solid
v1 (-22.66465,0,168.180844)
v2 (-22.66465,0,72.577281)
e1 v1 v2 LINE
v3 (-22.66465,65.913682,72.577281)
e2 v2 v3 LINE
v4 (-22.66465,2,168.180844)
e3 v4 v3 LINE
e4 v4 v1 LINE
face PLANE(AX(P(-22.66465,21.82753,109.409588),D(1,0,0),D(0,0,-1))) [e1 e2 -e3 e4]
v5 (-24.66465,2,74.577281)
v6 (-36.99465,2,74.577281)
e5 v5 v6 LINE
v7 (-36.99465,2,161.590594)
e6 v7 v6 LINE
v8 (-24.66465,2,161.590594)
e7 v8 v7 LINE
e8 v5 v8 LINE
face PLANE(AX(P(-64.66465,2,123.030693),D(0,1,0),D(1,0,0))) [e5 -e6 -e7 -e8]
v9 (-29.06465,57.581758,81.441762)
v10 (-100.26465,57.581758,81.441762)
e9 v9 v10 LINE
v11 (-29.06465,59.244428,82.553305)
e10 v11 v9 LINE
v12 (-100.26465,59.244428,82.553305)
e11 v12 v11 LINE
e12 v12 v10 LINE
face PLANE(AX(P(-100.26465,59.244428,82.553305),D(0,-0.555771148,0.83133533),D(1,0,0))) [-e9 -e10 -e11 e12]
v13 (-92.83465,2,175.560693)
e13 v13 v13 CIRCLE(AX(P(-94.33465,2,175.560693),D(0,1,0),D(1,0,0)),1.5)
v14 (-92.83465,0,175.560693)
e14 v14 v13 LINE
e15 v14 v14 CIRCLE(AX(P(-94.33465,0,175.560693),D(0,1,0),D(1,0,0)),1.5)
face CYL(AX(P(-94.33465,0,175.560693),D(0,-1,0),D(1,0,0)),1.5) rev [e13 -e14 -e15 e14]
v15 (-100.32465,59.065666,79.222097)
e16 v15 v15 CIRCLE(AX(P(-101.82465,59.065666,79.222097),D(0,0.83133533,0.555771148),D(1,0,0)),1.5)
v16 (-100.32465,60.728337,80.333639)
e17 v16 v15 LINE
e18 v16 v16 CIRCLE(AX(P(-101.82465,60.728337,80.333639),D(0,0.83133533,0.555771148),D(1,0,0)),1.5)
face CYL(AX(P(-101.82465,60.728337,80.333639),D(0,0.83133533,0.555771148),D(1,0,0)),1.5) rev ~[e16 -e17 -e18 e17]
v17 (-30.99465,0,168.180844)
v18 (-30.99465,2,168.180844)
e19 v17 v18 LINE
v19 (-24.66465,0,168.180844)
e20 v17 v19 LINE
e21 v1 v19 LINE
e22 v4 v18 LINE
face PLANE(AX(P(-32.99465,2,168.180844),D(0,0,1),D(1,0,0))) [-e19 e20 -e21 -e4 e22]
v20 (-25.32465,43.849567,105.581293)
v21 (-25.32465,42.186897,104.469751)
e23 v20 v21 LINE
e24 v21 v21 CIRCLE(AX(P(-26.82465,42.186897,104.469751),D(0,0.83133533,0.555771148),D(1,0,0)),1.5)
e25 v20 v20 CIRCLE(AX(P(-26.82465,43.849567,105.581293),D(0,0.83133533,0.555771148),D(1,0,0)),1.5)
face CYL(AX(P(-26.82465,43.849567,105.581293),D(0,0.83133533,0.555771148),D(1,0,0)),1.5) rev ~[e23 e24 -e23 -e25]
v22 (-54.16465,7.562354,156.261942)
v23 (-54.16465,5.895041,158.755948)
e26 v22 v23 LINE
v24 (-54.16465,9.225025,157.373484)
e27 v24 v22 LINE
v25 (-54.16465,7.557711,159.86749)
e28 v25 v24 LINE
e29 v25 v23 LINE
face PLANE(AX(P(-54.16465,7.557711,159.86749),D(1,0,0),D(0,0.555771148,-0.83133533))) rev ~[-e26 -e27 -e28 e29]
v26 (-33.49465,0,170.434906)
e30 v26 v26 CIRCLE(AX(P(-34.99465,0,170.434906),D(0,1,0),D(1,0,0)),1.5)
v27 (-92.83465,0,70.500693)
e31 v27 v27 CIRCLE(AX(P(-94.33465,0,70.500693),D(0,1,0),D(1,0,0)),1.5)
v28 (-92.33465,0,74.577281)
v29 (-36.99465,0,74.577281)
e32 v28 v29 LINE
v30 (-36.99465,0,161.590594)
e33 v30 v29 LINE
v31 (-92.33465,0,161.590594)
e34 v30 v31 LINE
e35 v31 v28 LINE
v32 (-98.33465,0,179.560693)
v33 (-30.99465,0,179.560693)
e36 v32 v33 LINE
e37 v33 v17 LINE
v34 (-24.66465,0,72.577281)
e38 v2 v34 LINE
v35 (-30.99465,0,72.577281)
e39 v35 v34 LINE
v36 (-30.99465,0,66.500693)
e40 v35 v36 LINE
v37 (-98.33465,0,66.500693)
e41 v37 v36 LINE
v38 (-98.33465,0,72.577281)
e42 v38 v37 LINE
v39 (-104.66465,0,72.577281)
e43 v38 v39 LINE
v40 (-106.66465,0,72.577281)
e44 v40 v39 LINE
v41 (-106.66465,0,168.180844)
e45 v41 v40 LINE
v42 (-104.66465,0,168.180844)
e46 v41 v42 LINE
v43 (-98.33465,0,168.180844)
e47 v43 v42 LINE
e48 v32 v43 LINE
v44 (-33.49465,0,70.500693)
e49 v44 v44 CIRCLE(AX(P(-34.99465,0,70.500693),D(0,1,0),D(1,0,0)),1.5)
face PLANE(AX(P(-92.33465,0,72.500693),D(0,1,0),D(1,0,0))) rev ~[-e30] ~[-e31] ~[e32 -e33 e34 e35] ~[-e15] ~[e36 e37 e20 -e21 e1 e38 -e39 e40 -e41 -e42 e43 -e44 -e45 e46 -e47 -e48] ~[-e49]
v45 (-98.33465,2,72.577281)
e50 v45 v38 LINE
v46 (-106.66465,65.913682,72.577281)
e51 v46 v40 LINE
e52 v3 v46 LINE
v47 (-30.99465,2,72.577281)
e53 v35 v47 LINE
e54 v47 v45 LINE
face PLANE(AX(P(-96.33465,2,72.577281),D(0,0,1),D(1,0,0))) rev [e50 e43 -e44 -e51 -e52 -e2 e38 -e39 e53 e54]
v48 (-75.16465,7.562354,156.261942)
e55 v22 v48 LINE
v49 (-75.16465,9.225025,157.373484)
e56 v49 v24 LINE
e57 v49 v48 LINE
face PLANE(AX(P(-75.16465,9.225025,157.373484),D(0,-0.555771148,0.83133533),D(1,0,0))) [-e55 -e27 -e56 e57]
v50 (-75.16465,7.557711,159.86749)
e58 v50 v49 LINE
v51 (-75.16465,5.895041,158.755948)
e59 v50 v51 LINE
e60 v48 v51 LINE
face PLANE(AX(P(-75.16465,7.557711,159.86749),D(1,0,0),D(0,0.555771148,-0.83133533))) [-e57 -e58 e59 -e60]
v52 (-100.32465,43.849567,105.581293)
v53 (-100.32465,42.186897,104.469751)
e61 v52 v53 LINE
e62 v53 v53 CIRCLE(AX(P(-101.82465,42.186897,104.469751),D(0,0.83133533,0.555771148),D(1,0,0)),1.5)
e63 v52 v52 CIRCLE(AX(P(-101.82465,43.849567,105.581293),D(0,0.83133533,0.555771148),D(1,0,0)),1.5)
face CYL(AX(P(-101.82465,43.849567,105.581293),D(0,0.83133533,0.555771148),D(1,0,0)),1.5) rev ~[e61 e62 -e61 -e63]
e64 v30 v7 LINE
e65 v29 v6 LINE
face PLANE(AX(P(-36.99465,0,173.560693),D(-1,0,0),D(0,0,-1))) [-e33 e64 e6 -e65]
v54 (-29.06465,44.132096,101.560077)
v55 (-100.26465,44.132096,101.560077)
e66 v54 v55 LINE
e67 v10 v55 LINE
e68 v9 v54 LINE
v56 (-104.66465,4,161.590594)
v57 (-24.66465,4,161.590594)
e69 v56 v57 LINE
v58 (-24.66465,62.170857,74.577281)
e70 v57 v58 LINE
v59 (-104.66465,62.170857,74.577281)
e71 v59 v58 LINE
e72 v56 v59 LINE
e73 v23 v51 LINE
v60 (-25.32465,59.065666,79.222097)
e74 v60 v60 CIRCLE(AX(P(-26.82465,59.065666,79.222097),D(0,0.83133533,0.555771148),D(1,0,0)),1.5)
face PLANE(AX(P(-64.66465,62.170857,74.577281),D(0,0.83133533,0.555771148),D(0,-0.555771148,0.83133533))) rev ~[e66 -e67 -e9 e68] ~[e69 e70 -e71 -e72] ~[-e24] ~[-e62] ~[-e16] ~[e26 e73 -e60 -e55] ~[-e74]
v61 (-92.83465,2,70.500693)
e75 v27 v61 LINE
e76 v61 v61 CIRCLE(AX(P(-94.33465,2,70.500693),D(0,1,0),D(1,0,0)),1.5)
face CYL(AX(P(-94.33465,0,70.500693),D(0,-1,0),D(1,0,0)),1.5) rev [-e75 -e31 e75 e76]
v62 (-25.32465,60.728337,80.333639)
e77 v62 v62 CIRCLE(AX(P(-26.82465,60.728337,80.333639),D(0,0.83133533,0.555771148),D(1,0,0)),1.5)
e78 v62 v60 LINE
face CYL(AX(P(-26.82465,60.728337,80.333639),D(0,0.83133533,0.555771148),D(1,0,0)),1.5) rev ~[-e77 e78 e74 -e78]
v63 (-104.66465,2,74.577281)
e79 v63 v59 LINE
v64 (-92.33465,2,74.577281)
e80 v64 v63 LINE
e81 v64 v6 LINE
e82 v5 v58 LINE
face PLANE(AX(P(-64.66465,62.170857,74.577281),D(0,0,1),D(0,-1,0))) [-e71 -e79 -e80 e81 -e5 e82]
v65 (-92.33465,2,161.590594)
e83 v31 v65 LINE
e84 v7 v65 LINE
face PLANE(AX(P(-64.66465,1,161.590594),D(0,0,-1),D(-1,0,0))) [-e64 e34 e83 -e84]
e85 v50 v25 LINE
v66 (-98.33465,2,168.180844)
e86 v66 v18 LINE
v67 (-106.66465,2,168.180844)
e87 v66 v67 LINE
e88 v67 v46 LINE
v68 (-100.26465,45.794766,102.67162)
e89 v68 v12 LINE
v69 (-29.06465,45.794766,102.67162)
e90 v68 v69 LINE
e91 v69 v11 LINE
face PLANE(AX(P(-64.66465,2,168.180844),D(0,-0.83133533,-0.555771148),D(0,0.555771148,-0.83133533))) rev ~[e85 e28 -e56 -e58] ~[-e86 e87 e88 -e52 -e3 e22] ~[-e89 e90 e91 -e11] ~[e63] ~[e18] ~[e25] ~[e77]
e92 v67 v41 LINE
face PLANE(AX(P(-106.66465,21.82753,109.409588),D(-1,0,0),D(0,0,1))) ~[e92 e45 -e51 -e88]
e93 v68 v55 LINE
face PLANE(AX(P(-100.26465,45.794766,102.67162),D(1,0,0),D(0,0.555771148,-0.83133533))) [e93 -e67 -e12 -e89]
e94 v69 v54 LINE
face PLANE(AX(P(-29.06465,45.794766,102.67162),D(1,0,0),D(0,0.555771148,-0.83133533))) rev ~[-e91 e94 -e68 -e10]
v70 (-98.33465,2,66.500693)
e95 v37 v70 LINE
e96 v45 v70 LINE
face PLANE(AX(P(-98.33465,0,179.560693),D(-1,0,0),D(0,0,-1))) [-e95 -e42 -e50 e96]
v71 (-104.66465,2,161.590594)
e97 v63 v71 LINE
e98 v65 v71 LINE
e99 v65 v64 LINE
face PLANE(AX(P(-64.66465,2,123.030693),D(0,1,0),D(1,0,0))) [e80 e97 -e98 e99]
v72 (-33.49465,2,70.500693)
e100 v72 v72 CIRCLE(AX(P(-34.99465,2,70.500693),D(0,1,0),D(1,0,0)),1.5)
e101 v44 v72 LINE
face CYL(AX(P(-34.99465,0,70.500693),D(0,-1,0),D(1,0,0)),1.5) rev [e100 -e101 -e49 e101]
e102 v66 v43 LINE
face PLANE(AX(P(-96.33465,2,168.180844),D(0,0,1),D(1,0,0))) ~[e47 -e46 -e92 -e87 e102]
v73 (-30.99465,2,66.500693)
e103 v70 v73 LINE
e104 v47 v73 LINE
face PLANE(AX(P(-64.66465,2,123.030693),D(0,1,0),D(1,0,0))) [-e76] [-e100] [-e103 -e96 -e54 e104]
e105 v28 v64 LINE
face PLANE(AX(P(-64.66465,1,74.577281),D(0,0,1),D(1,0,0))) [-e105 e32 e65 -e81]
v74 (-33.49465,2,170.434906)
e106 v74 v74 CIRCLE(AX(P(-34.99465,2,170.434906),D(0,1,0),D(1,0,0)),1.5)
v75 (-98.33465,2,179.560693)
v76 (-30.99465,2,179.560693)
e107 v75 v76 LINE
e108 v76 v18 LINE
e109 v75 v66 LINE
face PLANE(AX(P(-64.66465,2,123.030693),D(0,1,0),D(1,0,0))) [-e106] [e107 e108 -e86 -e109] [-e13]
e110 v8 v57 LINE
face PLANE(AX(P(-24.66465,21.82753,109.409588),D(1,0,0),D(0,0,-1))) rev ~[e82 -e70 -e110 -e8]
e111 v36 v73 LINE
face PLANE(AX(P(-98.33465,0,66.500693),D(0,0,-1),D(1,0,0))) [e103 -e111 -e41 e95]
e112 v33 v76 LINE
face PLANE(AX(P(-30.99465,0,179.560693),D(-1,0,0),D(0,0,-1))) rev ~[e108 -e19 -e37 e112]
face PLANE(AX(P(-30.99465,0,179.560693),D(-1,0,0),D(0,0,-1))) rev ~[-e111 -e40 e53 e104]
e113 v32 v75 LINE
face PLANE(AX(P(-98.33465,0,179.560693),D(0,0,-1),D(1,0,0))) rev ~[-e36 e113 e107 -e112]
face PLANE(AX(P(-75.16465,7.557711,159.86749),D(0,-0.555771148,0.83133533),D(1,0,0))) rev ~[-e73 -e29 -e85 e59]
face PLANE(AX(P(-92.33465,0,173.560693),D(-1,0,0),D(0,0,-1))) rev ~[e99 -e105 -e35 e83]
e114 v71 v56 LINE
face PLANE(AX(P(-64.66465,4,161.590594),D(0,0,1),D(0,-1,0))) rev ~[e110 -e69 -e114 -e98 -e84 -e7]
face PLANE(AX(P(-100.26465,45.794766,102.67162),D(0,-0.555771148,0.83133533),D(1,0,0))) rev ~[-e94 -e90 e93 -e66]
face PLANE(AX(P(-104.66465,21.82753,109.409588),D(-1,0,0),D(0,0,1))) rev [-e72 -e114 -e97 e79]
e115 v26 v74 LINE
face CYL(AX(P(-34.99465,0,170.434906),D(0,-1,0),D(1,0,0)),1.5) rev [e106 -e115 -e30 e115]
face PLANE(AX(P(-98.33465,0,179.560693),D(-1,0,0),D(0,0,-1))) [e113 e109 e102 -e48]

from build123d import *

# Parameters (mm, degrees)
SKETCH1_W           = 67.34
SKETCH1_H           = 113.06
SKETCH1_R           = 1.5
SKETCH1_W_2         = 55.34
SKETCH1_H_2         = 101.06
BOSS_EXTRUDE1_DEPTH = 2
BOSS_EXTRUDE2_DEPTH = 42
SKETCH4_W           = 55.34
SKETCH4_H           = 2
BOSS_EXTRUDE5_DEPTH = 11.970099
CUT_EXTRUDE1_REACH  = 60.174
SKETCH5_R           = 1.5
SKETCH5_W           = 71.2
SKETCH5_H           = 24.2
SKETCH5_W_2         = 21
SKETCH5_H_2         = 3
BOSS_EXTRUDE6_DEPTH = 2
SKETCH7_W           = 8.33
SKETCH7_H           = 95.603562999
BOSS_EXTRUDE7_DEPTH = 2
SKETCH8_W           = 55.34
SKETCH8_H           = 2
BOSS_EXTRUDE8_DEPTH = 2.076588


with BuildPart() as part:
    # Sketch1 → Boss-Extrude1 (new body)
    with BuildSketch(Plane(origin=(0, 0, 0), x_dir=(1, 0, 0), z_dir=(0, 1, 0))):
        with Locations((-64.664649644, -123.030692549)):
            Rectangle(SKETCH1_W, SKETCH1_H)
        with Locations((-34.994649644, -70.500692549)):
            Circle(SKETCH1_R, mode=Mode.SUBTRACT)
        with Locations((-94.334649644, -70.500692549)):
            Circle(SKETCH1_R, mode=Mode.SUBTRACT)
        with Locations((-94.334649644, -175.560692549)):
            Circle(SKETCH1_R, mode=Mode.SUBTRACT)
        with Locations((-34.994649644, -170.434906111)):
            Circle(SKETCH1_R, mode=Mode.SUBTRACT)
        with Locations((-64.664649644, -123.030692549)):
            Rectangle(SKETCH1_W_2, SKETCH1_H_2, mode=Mode.SUBTRACT)
    extrude(amount=BOSS_EXTRUDE1_DEPTH)

    # Sketch3 → Boss-Extrude2 (add, symmetric)
    with BuildSketch(Plane(origin=(-64.664649644, 0, 0), x_dir=(0, 0, -1), z_dir=(1, 0, 0))):
        Polygon((-161.590593962, 4), (-161.590593962, 2), (-168.180843703, 2), (-72.577280704, 65.913681963), (-72.577280704, 2), (-74.577280704, 2), (-74.577280704, 4), (-74.577280704, 62.1708574), align=None)
    extrude(amount=BOSS_EXTRUDE2_DEPTH, both=True)

    # Sketch4 → Boss-Extrude5 (add)
    with BuildSketch(Plane(origin=(0, 0, 173.560692549), x_dir=(-1, 0, 0), z_dir=(0, 0, -1))):
        with Locations((64.664649644, 1)):
            Rectangle(SKETCH4_W, SKETCH4_H)
    extrude(amount=BOSS_EXTRUDE5_DEPTH)

    # Sketch5 → Cut-Extrude1 (cut, up to next)
    with BuildSketch(Plane(origin=(0, 79.087200487, 52.872027158), x_dir=(1, 0, 0), z_dir=(0, 0.83133533, 0.555771148)), mode=Mode.PRIVATE) as cut_extrude1_sk1:
        with Locations((-26.824649644, -33.033134975)):
            Circle(SKETCH5_R)
    cut_extrude1_tool1 = extrude(cut_extrude1_sk1.sketch, amount=-CUT_EXTRUDE1_REACH, mode=Mode.PRIVATE) & part.part
    add(cut_extrude1_tool1.solids().sort_by_distance((-26.82465, 60.728337, 80.333639))[0], mode=Mode.SUBTRACT)
    # Sketch5 → Cut-Extrude1 (cut, up to next)
    with BuildSketch(Plane(origin=(0, 79.087200487, 52.872027158), x_dir=(1, 0, 0), z_dir=(0, 0.83133533, 0.555771148)), mode=Mode.PRIVATE) as cut_extrude1_sk2:
        with Locations((-26.824649644, -63.403134975)):
            Circle(SKETCH5_R)
    cut_extrude1_tool2 = extrude(cut_extrude1_sk2.sketch, amount=-CUT_EXTRUDE1_REACH, mode=Mode.PRIVATE) & part.part
    add(cut_extrude1_tool2.solids().sort_by_distance((-26.82465, 43.849567, 105.581293))[0], mode=Mode.SUBTRACT)
    # Sketch5 → Cut-Extrude1 (cut, up to next)
    with BuildSketch(Plane(origin=(0, 79.087200487, 52.872027158), x_dir=(1, 0, 0), z_dir=(0, 0.83133533, 0.555771148)), mode=Mode.PRIVATE) as cut_extrude1_sk3:
        with Locations((-101.824649644, -63.403134975)):
            Circle(SKETCH5_R)
    cut_extrude1_tool3 = extrude(cut_extrude1_sk3.sketch, amount=-CUT_EXTRUDE1_REACH, mode=Mode.PRIVATE) & part.part
    add(cut_extrude1_tool3.solids().sort_by_distance((-101.82465, 43.849567, 105.581293))[0], mode=Mode.SUBTRACT)
    # Sketch5 → Cut-Extrude1 (cut, up to next)
    with BuildSketch(Plane(origin=(0, 79.087200487, 52.872027158), x_dir=(1, 0, 0), z_dir=(0, 0.83133533, 0.555771148)), mode=Mode.PRIVATE) as cut_extrude1_sk4:
        with Locations((-101.824649644, -33.033134975)):
            Circle(SKETCH5_R)
    cut_extrude1_tool4 = extrude(cut_extrude1_sk4.sketch, amount=-CUT_EXTRUDE1_REACH, mode=Mode.PRIVATE) & part.part
    add(cut_extrude1_tool4.solids().sort_by_distance((-101.82465, 60.728337, 80.333639))[0], mode=Mode.SUBTRACT)
    # Sketch5 → Cut-Extrude1 (cut, up to next)
    with BuildSketch(Plane(origin=(0, 79.087200487, 52.872027158), x_dir=(1, 0, 0), z_dir=(0, 0.83133533, 0.555771148)), mode=Mode.PRIVATE) as cut_extrude1_sk5:
        with Locations((-64.664649644, -47.803134975)):
            Rectangle(SKETCH5_W, SKETCH5_H)
    cut_extrude1_tool5 = extrude(cut_extrude1_sk5.sketch, amount=-CUT_EXTRUDE1_REACH, mode=Mode.PRIVATE) & part.part
    add(cut_extrude1_tool5.solids().sort_by_distance((-64.66465, 52.519597, 92.612462))[0], mode=Mode.SUBTRACT)
    # Sketch5 → Cut-Extrude1 (cut, up to next)
    with BuildSketch(Plane(origin=(0, 79.087200487, 52.872027158), x_dir=(1, 0, 0), z_dir=(0, 0.83133533, 0.555771148)), mode=Mode.PRIVATE) as cut_extrude1_sk6:
        with Locations((-64.664649644, -127.203134975)):
            Rectangle(SKETCH5_W_2, SKETCH5_H_2)
    cut_extrude1_tool6 = extrude(cut_extrude1_sk6.sketch, amount=-CUT_EXTRUDE1_REACH, mode=Mode.PRIVATE) & part.part
    add(cut_extrude1_tool6.solids().sort_by_distance((-64.66465, 8.391368, 158.620487))[0], mode=Mode.SUBTRACT)

    # Sketch6 → Boss-Extrude6 (add)
    with BuildSketch(Plane(origin=(-22.664649644, 0, 0), x_dir=(0, 0, -1), z_dir=(1, 0, 0))):
        Polygon((-168.180843703, 2), (-168.180843703, 0), (-72.577280704, 0), (-72.577280704, 2), (-72.577280704, 65.913681963), align=None)
    boss_extrude6 = extrude(amount=-BOSS_EXTRUDE6_DEPTH)

    # Sketch7 → Boss-Extrude7 (add)
    with BuildSketch(Plane.XZ.offset(-2)):
        with Locations((-28.829649644, 120.379062204)):
            Rectangle(SKETCH7_W, SKETCH7_H)
    boss_extrude7 = extrude(amount=BOSS_EXTRUDE7_DEPTH)

    # Mirror1: Boss-Extrude6, Boss-Extrude7 across plane
    add(boss_extrude6.mirror(Plane(origin=(-64.664649644, 0, 0), x_dir=(0, 0, 1), z_dir=(1, 0, 0))))
    add(boss_extrude7.mirror(Plane(origin=(-64.664649644, 0, 0), x_dir=(0, 0, 1), z_dir=(1, 0, 0))))

    # Sketch8 → Boss-Extrude8 (add)
    with BuildSketch(Plane.XY.offset(72.500692549)):
        with Locations((-64.664649644, 1)):
            Rectangle(SKETCH8_W, SKETCH8_H)
    extrude(amount=BOSS_EXTRUDE8_DEPTH)


solid = part.part
